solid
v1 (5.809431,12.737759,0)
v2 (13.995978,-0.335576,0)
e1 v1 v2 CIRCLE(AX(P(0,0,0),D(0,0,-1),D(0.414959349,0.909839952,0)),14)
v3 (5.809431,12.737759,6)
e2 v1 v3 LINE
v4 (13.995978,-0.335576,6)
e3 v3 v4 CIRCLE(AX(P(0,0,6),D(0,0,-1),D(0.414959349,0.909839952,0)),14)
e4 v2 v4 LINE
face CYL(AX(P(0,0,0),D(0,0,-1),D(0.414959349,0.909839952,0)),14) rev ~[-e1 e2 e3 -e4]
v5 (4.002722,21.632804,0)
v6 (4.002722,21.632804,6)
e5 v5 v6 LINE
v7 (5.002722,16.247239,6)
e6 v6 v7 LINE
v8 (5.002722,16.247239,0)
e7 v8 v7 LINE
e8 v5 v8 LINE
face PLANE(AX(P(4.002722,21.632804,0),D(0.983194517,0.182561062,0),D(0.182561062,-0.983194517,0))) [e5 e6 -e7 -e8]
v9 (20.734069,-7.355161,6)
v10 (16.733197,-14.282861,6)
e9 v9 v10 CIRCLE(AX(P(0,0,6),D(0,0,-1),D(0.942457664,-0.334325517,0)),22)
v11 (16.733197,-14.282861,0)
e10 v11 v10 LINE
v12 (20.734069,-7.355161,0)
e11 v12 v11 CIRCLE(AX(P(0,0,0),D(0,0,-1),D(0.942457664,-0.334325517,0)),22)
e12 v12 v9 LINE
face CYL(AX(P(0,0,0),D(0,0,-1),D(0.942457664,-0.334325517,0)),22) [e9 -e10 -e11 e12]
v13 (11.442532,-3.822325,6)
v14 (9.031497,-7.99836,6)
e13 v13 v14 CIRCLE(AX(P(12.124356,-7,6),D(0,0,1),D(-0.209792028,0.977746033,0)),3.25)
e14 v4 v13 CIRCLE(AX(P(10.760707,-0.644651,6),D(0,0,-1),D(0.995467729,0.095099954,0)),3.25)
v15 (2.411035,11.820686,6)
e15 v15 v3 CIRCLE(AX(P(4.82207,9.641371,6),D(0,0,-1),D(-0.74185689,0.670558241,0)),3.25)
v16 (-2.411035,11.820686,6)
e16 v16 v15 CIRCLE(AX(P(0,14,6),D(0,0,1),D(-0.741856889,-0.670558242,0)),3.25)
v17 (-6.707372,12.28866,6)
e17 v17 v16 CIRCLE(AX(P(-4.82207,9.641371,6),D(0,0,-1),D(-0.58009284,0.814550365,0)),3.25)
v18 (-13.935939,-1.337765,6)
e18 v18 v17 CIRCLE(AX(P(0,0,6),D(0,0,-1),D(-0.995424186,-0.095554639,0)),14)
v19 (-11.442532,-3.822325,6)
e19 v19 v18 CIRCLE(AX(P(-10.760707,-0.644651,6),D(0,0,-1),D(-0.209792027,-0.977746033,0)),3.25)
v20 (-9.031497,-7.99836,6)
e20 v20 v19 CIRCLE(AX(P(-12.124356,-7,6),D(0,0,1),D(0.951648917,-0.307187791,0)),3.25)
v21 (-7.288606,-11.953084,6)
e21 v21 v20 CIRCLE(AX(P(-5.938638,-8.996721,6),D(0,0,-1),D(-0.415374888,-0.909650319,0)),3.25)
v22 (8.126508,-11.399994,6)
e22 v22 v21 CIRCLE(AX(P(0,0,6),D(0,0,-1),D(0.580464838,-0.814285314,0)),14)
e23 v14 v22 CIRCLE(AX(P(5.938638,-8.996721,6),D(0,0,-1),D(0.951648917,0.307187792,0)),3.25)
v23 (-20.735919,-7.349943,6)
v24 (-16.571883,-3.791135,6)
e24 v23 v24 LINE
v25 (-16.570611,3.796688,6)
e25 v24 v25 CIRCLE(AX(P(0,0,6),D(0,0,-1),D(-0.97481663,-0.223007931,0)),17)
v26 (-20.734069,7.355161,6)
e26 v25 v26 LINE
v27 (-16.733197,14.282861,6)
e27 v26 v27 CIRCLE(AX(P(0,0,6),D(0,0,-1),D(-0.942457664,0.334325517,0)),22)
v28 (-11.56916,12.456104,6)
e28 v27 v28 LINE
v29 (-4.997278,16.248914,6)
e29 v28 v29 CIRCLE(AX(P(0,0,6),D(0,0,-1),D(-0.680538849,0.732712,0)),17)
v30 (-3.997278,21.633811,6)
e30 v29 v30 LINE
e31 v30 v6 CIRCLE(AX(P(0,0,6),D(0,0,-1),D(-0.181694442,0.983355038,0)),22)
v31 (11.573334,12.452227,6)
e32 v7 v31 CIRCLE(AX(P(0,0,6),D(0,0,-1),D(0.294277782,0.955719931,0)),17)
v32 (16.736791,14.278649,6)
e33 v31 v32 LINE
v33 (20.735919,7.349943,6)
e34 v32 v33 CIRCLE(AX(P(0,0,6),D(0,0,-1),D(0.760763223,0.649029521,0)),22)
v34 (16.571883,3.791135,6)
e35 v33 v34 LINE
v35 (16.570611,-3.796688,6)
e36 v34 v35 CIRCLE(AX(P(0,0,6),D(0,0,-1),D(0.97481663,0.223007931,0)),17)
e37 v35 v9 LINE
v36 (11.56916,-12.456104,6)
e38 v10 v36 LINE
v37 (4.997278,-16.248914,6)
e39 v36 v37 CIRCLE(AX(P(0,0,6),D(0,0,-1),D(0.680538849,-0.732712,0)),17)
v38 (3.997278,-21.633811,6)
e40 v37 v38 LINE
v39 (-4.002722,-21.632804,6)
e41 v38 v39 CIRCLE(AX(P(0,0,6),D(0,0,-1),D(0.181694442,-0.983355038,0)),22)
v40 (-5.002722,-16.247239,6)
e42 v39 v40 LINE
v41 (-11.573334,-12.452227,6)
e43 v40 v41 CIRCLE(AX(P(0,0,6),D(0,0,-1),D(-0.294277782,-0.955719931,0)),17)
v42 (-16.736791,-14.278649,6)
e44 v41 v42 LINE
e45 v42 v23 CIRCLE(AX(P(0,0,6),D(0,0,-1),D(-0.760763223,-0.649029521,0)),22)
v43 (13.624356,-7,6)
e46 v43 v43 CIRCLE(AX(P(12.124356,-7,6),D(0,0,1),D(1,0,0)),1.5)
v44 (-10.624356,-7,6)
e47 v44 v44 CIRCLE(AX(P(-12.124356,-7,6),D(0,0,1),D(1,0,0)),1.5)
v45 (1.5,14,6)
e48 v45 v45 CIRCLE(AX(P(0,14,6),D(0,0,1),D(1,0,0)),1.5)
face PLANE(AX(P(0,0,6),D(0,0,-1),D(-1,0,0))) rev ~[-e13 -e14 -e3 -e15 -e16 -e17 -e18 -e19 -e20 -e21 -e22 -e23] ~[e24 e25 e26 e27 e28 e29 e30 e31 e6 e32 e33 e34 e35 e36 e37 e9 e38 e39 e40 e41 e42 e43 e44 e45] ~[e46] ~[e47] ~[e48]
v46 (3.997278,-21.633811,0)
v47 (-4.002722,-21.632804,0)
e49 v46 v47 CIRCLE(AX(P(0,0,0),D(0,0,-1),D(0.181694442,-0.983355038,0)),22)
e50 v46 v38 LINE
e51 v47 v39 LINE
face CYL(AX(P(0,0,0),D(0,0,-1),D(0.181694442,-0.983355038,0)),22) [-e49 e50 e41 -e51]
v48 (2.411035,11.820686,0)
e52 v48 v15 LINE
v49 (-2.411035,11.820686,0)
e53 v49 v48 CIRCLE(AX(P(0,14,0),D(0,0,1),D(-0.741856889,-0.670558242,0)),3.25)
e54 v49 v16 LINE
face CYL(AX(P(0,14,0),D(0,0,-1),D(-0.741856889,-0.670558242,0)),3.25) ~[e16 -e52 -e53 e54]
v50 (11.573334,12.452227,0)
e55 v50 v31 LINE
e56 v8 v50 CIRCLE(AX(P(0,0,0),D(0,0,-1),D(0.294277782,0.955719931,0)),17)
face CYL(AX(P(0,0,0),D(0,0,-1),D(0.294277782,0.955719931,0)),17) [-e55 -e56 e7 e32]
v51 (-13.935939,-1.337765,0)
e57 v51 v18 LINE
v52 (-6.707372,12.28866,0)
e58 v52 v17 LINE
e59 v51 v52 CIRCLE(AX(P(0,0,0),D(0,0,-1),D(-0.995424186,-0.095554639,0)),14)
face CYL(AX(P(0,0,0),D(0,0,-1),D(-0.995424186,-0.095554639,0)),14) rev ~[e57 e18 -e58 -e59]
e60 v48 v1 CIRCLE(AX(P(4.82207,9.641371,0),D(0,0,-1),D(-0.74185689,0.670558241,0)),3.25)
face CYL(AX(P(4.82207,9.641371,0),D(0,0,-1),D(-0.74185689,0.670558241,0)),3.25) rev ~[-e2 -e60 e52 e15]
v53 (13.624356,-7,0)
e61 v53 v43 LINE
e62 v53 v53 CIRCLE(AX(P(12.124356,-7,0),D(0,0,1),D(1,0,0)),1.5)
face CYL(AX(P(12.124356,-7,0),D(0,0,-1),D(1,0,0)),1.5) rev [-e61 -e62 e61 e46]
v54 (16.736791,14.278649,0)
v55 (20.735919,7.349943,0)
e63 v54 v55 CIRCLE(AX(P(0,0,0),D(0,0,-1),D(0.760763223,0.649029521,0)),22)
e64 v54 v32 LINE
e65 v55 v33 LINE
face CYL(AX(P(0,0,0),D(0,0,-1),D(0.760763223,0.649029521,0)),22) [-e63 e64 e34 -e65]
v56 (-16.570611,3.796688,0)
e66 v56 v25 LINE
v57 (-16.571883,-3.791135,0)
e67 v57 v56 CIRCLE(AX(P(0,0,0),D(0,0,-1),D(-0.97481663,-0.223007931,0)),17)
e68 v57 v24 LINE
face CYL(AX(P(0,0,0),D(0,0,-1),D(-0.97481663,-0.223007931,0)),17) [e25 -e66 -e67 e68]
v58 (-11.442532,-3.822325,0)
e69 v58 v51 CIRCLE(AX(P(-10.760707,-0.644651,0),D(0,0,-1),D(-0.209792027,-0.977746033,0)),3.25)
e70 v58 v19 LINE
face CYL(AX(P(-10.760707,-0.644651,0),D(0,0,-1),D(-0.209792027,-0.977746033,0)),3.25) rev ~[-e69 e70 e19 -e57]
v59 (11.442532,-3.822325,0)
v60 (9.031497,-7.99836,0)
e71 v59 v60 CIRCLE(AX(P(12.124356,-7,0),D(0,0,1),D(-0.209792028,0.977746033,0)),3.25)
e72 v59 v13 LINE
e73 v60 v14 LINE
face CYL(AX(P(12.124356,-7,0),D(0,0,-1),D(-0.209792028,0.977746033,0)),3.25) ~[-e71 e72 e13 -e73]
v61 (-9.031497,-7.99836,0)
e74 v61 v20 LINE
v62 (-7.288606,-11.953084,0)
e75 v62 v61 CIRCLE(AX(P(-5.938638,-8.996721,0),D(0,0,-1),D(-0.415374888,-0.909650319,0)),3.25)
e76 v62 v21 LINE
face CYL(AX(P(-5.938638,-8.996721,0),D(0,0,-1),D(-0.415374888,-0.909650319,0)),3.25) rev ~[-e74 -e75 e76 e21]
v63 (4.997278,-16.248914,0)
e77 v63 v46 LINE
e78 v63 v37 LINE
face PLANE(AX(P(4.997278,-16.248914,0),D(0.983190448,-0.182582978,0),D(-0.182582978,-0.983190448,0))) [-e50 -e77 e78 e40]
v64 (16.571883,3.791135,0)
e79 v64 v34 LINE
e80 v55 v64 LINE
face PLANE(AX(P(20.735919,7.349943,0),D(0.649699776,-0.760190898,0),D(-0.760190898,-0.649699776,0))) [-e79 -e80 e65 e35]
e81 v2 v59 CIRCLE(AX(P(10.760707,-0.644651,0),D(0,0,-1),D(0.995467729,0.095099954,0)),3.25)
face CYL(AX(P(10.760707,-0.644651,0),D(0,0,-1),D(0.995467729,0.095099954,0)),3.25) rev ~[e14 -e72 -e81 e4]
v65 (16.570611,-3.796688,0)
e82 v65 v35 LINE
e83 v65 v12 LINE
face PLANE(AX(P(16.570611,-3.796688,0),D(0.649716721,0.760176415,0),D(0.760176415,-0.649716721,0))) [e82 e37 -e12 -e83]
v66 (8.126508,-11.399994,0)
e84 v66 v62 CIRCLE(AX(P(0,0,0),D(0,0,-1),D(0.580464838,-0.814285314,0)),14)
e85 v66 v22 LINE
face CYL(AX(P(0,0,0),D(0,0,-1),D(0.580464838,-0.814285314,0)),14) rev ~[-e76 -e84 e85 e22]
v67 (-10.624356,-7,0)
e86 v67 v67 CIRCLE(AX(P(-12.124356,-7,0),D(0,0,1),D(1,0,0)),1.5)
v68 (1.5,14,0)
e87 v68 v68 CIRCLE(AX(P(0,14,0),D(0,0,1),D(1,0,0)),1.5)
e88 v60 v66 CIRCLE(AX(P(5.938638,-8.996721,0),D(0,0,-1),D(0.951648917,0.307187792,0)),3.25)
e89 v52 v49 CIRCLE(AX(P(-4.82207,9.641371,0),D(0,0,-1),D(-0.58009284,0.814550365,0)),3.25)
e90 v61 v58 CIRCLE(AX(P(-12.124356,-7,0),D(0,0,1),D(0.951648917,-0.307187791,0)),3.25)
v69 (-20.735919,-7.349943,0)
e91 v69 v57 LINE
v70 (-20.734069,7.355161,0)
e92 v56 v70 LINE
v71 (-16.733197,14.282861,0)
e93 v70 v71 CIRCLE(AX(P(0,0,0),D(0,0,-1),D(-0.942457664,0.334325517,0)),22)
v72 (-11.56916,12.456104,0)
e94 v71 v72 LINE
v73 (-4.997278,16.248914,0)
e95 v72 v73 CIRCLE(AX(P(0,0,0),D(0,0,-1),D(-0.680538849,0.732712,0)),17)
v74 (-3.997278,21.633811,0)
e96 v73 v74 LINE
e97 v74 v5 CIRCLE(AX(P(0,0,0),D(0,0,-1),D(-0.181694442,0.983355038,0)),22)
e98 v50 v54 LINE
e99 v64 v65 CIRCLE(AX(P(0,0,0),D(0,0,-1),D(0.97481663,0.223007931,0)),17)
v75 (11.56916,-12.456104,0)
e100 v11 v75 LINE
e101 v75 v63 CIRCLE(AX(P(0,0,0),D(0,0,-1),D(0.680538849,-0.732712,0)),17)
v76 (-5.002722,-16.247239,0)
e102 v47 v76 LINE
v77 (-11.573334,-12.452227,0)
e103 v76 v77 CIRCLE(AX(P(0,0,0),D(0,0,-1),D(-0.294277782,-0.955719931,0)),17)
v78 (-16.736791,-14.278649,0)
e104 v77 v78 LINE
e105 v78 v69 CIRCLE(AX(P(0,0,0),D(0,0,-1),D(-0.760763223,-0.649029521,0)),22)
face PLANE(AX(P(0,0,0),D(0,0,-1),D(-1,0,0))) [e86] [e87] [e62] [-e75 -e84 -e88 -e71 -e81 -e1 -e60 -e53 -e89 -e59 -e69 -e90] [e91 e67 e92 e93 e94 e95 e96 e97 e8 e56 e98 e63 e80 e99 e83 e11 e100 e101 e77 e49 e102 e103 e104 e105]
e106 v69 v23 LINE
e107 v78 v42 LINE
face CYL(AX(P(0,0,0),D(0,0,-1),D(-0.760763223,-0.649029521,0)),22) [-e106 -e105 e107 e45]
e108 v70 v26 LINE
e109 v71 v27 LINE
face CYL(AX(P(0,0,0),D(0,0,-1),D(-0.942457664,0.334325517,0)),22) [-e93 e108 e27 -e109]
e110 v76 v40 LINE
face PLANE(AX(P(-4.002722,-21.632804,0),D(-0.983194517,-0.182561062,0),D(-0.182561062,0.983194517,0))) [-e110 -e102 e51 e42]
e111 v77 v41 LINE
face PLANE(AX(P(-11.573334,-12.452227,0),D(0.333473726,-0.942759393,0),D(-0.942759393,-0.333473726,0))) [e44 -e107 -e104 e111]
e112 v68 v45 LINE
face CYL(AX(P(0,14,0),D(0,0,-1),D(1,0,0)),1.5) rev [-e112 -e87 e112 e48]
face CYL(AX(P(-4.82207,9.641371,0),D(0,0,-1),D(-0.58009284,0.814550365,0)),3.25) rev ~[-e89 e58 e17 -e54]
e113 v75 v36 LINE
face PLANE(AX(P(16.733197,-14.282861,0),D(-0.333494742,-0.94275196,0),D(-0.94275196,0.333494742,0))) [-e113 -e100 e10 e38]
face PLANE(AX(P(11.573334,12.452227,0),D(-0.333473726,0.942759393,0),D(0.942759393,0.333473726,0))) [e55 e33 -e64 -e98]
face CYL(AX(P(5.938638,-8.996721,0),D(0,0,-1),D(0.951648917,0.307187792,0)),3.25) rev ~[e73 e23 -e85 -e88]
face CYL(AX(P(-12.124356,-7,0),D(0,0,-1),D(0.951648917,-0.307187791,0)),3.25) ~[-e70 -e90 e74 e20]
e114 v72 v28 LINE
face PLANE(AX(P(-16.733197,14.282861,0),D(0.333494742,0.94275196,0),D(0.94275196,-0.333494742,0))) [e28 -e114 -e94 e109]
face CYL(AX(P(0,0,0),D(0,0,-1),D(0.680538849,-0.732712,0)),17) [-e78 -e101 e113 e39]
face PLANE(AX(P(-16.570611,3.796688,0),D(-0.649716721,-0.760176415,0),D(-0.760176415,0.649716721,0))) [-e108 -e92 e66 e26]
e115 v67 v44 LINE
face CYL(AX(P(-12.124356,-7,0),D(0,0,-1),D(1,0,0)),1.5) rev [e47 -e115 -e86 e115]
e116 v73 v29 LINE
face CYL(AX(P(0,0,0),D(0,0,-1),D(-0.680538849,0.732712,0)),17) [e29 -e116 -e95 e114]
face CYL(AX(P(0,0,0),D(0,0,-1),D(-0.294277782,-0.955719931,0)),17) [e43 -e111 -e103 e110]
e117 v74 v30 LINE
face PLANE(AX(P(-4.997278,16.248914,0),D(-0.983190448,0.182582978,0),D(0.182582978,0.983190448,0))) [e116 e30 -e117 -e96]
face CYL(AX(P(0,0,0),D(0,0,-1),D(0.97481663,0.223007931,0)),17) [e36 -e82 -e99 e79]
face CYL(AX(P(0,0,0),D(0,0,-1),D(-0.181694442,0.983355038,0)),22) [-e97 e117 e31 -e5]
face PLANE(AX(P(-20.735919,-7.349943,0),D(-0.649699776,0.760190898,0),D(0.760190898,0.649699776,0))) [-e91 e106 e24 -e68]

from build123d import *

# Parameters (mm, degrees)
ESQUISSE1_R        = 1.5
BOSS_EXTRU_2_DEPTH = 6


with BuildPart() as part:
    # Esquisse1 → Boss.-Extru.2 (new body)
    with BuildSketch(Plane.XY):
        with BuildLine():
            Line((-4.997277712, 16.248914286), (-3.997277712, 21.633810827))
            ThreePointArc((-3.997277712, 21.633810827), (0.002768431, 21.999999826), (4.002722288, 21.632804124))
            Line((4.002722288, 21.632804124), (5.002722288, 16.247238834))
            ThreePointArc((5.002722288, 16.247238834), (8.502466554, 14.721007523), (11.573333699, 12.452226592))
            Line((11.573333699, 12.452226592), (16.7367909, 14.278649458))
            ThreePointArc((16.7367909, 14.278649458), (19.053942948, 10.997602381), (20.735919071, 7.349942877))
            Line((20.735919071, 7.349942877), (16.571882715, 3.791134828))
            ThreePointArc((16.571882715, 3.791134828), (16.999999761, -0.002848269), (16.570611412, -3.796687694))
            Line((16.570611412, -3.796687694), (20.734068613, -7.355161368))
            ThreePointArc((20.734068613, -7.355161368), (19.051174517, -11.002397445), (16.733196783, -14.282861248))
            Line((16.733196783, -14.282861248), (11.569160427, -12.456104006))
            ThreePointArc((11.569160427, -12.456104006), (8.497533208, -14.723855792), (4.997277712, -16.248914286))
            Line((4.997277712, -16.248914286), (3.997277712, -21.633810827))
            ThreePointArc((3.997277712, -21.633810827), (-0.002768431, -21.999999826), (-4.002722288, -21.632804124))
            Line((-4.002722288, -21.632804124), (-5.002722288, -16.247238834))
            ThreePointArc((-5.002722288, -16.247238834), (-8.502466554, -14.721007523), (-11.573333699, -12.452226592))
            Line((-11.573333699, -12.452226592), (-16.7367909, -14.278649458))
            ThreePointArc((-16.7367909, -14.278649458), (-19.053942948, -10.997602381), (-20.735919071, -7.349942877))
            Line((-20.735919071, -7.349942877), (-16.571882715, -3.791134828))
            ThreePointArc((-16.571882715, -3.791134828), (-16.999999761, 0.002848269), (-16.570611412, 3.796687694))
            Line((-16.570611412, 3.796687694), (-20.734068613, 7.355161368))
            ThreePointArc((-20.734068613, 7.355161368), (-19.051174517, 11.002397445), (-16.733196783, 14.282861248))
            Line((-16.733196783, 14.282861248), (-11.569160427, 12.456104006))
            ThreePointArc((-11.569160427, 12.456104006), (-8.497533208, 14.723855792), (-4.997277712, 16.248914286))
        make_face()
        with Locations((0, 14)):
            Circle(ESQUISSE1_R, mode=Mode.SUBTRACT)
        with Locations((12.124355653, -7)):
            Circle(ESQUISSE1_R, mode=Mode.SUBTRACT)
        with Locations((-12.124355653, -7)):
            Circle(ESQUISSE1_R, mode=Mode.SUBTRACT)
        with BuildLine():
            ThreePointArc((-2.411034891, 11.820685714), (0, 10.75), (2.411034891, 11.820685714))
            ThreePointArc((2.411034891, 11.820685714), (3.975330286, 12.779130538), (5.80943088, 12.737759334))
            ThreePointArc((5.80943088, 12.737759334), (11.865562564, 7.430237213), (13.995977593, -0.335575935))
            ThreePointArc((13.995977593, -0.335575935), (13.382779595, -2.564868949), (11.442531564, -3.822325392))
            ThreePointArc((11.442531564, -3.822325392), (9.309773091, -5.375), (9.031496673, -7.998360322))
            ThreePointArc((9.031496673, -7.998360322), (9.079386541, -9.832302285), (8.126507731, -11.399994391))
            ThreePointArc((8.126507731, -11.399994391), (0.5019929, -13.990997217), (-7.288606081, -11.953084179))
            ThreePointArc((-7.288606081, -11.953084179), (-8.912631465, -10.307392628), (-9.031496673, -7.998360322))
            ThreePointArc((-9.031496673, -7.998360322), (-9.309773091, -5.375), (-11.442531564, -3.822325392))
            ThreePointArc((-11.442531564, -3.822325392), (-13.054716827, -2.946828253), (-13.935938611, -1.337764944))
            ThreePointArc((-13.935938611, -1.337764944), (-12.367555464, 6.560760004), (-6.707371512, 12.288660114))
            ThreePointArc((-6.707371512, 12.288660114), (-4.47014813, 12.872261577), (-2.411034891, 11.820685714))
        make_face(mode=Mode.SUBTRACT)
    extrude(amount=BOSS_EXTRU_2_DEPTH)


solid = part.part
